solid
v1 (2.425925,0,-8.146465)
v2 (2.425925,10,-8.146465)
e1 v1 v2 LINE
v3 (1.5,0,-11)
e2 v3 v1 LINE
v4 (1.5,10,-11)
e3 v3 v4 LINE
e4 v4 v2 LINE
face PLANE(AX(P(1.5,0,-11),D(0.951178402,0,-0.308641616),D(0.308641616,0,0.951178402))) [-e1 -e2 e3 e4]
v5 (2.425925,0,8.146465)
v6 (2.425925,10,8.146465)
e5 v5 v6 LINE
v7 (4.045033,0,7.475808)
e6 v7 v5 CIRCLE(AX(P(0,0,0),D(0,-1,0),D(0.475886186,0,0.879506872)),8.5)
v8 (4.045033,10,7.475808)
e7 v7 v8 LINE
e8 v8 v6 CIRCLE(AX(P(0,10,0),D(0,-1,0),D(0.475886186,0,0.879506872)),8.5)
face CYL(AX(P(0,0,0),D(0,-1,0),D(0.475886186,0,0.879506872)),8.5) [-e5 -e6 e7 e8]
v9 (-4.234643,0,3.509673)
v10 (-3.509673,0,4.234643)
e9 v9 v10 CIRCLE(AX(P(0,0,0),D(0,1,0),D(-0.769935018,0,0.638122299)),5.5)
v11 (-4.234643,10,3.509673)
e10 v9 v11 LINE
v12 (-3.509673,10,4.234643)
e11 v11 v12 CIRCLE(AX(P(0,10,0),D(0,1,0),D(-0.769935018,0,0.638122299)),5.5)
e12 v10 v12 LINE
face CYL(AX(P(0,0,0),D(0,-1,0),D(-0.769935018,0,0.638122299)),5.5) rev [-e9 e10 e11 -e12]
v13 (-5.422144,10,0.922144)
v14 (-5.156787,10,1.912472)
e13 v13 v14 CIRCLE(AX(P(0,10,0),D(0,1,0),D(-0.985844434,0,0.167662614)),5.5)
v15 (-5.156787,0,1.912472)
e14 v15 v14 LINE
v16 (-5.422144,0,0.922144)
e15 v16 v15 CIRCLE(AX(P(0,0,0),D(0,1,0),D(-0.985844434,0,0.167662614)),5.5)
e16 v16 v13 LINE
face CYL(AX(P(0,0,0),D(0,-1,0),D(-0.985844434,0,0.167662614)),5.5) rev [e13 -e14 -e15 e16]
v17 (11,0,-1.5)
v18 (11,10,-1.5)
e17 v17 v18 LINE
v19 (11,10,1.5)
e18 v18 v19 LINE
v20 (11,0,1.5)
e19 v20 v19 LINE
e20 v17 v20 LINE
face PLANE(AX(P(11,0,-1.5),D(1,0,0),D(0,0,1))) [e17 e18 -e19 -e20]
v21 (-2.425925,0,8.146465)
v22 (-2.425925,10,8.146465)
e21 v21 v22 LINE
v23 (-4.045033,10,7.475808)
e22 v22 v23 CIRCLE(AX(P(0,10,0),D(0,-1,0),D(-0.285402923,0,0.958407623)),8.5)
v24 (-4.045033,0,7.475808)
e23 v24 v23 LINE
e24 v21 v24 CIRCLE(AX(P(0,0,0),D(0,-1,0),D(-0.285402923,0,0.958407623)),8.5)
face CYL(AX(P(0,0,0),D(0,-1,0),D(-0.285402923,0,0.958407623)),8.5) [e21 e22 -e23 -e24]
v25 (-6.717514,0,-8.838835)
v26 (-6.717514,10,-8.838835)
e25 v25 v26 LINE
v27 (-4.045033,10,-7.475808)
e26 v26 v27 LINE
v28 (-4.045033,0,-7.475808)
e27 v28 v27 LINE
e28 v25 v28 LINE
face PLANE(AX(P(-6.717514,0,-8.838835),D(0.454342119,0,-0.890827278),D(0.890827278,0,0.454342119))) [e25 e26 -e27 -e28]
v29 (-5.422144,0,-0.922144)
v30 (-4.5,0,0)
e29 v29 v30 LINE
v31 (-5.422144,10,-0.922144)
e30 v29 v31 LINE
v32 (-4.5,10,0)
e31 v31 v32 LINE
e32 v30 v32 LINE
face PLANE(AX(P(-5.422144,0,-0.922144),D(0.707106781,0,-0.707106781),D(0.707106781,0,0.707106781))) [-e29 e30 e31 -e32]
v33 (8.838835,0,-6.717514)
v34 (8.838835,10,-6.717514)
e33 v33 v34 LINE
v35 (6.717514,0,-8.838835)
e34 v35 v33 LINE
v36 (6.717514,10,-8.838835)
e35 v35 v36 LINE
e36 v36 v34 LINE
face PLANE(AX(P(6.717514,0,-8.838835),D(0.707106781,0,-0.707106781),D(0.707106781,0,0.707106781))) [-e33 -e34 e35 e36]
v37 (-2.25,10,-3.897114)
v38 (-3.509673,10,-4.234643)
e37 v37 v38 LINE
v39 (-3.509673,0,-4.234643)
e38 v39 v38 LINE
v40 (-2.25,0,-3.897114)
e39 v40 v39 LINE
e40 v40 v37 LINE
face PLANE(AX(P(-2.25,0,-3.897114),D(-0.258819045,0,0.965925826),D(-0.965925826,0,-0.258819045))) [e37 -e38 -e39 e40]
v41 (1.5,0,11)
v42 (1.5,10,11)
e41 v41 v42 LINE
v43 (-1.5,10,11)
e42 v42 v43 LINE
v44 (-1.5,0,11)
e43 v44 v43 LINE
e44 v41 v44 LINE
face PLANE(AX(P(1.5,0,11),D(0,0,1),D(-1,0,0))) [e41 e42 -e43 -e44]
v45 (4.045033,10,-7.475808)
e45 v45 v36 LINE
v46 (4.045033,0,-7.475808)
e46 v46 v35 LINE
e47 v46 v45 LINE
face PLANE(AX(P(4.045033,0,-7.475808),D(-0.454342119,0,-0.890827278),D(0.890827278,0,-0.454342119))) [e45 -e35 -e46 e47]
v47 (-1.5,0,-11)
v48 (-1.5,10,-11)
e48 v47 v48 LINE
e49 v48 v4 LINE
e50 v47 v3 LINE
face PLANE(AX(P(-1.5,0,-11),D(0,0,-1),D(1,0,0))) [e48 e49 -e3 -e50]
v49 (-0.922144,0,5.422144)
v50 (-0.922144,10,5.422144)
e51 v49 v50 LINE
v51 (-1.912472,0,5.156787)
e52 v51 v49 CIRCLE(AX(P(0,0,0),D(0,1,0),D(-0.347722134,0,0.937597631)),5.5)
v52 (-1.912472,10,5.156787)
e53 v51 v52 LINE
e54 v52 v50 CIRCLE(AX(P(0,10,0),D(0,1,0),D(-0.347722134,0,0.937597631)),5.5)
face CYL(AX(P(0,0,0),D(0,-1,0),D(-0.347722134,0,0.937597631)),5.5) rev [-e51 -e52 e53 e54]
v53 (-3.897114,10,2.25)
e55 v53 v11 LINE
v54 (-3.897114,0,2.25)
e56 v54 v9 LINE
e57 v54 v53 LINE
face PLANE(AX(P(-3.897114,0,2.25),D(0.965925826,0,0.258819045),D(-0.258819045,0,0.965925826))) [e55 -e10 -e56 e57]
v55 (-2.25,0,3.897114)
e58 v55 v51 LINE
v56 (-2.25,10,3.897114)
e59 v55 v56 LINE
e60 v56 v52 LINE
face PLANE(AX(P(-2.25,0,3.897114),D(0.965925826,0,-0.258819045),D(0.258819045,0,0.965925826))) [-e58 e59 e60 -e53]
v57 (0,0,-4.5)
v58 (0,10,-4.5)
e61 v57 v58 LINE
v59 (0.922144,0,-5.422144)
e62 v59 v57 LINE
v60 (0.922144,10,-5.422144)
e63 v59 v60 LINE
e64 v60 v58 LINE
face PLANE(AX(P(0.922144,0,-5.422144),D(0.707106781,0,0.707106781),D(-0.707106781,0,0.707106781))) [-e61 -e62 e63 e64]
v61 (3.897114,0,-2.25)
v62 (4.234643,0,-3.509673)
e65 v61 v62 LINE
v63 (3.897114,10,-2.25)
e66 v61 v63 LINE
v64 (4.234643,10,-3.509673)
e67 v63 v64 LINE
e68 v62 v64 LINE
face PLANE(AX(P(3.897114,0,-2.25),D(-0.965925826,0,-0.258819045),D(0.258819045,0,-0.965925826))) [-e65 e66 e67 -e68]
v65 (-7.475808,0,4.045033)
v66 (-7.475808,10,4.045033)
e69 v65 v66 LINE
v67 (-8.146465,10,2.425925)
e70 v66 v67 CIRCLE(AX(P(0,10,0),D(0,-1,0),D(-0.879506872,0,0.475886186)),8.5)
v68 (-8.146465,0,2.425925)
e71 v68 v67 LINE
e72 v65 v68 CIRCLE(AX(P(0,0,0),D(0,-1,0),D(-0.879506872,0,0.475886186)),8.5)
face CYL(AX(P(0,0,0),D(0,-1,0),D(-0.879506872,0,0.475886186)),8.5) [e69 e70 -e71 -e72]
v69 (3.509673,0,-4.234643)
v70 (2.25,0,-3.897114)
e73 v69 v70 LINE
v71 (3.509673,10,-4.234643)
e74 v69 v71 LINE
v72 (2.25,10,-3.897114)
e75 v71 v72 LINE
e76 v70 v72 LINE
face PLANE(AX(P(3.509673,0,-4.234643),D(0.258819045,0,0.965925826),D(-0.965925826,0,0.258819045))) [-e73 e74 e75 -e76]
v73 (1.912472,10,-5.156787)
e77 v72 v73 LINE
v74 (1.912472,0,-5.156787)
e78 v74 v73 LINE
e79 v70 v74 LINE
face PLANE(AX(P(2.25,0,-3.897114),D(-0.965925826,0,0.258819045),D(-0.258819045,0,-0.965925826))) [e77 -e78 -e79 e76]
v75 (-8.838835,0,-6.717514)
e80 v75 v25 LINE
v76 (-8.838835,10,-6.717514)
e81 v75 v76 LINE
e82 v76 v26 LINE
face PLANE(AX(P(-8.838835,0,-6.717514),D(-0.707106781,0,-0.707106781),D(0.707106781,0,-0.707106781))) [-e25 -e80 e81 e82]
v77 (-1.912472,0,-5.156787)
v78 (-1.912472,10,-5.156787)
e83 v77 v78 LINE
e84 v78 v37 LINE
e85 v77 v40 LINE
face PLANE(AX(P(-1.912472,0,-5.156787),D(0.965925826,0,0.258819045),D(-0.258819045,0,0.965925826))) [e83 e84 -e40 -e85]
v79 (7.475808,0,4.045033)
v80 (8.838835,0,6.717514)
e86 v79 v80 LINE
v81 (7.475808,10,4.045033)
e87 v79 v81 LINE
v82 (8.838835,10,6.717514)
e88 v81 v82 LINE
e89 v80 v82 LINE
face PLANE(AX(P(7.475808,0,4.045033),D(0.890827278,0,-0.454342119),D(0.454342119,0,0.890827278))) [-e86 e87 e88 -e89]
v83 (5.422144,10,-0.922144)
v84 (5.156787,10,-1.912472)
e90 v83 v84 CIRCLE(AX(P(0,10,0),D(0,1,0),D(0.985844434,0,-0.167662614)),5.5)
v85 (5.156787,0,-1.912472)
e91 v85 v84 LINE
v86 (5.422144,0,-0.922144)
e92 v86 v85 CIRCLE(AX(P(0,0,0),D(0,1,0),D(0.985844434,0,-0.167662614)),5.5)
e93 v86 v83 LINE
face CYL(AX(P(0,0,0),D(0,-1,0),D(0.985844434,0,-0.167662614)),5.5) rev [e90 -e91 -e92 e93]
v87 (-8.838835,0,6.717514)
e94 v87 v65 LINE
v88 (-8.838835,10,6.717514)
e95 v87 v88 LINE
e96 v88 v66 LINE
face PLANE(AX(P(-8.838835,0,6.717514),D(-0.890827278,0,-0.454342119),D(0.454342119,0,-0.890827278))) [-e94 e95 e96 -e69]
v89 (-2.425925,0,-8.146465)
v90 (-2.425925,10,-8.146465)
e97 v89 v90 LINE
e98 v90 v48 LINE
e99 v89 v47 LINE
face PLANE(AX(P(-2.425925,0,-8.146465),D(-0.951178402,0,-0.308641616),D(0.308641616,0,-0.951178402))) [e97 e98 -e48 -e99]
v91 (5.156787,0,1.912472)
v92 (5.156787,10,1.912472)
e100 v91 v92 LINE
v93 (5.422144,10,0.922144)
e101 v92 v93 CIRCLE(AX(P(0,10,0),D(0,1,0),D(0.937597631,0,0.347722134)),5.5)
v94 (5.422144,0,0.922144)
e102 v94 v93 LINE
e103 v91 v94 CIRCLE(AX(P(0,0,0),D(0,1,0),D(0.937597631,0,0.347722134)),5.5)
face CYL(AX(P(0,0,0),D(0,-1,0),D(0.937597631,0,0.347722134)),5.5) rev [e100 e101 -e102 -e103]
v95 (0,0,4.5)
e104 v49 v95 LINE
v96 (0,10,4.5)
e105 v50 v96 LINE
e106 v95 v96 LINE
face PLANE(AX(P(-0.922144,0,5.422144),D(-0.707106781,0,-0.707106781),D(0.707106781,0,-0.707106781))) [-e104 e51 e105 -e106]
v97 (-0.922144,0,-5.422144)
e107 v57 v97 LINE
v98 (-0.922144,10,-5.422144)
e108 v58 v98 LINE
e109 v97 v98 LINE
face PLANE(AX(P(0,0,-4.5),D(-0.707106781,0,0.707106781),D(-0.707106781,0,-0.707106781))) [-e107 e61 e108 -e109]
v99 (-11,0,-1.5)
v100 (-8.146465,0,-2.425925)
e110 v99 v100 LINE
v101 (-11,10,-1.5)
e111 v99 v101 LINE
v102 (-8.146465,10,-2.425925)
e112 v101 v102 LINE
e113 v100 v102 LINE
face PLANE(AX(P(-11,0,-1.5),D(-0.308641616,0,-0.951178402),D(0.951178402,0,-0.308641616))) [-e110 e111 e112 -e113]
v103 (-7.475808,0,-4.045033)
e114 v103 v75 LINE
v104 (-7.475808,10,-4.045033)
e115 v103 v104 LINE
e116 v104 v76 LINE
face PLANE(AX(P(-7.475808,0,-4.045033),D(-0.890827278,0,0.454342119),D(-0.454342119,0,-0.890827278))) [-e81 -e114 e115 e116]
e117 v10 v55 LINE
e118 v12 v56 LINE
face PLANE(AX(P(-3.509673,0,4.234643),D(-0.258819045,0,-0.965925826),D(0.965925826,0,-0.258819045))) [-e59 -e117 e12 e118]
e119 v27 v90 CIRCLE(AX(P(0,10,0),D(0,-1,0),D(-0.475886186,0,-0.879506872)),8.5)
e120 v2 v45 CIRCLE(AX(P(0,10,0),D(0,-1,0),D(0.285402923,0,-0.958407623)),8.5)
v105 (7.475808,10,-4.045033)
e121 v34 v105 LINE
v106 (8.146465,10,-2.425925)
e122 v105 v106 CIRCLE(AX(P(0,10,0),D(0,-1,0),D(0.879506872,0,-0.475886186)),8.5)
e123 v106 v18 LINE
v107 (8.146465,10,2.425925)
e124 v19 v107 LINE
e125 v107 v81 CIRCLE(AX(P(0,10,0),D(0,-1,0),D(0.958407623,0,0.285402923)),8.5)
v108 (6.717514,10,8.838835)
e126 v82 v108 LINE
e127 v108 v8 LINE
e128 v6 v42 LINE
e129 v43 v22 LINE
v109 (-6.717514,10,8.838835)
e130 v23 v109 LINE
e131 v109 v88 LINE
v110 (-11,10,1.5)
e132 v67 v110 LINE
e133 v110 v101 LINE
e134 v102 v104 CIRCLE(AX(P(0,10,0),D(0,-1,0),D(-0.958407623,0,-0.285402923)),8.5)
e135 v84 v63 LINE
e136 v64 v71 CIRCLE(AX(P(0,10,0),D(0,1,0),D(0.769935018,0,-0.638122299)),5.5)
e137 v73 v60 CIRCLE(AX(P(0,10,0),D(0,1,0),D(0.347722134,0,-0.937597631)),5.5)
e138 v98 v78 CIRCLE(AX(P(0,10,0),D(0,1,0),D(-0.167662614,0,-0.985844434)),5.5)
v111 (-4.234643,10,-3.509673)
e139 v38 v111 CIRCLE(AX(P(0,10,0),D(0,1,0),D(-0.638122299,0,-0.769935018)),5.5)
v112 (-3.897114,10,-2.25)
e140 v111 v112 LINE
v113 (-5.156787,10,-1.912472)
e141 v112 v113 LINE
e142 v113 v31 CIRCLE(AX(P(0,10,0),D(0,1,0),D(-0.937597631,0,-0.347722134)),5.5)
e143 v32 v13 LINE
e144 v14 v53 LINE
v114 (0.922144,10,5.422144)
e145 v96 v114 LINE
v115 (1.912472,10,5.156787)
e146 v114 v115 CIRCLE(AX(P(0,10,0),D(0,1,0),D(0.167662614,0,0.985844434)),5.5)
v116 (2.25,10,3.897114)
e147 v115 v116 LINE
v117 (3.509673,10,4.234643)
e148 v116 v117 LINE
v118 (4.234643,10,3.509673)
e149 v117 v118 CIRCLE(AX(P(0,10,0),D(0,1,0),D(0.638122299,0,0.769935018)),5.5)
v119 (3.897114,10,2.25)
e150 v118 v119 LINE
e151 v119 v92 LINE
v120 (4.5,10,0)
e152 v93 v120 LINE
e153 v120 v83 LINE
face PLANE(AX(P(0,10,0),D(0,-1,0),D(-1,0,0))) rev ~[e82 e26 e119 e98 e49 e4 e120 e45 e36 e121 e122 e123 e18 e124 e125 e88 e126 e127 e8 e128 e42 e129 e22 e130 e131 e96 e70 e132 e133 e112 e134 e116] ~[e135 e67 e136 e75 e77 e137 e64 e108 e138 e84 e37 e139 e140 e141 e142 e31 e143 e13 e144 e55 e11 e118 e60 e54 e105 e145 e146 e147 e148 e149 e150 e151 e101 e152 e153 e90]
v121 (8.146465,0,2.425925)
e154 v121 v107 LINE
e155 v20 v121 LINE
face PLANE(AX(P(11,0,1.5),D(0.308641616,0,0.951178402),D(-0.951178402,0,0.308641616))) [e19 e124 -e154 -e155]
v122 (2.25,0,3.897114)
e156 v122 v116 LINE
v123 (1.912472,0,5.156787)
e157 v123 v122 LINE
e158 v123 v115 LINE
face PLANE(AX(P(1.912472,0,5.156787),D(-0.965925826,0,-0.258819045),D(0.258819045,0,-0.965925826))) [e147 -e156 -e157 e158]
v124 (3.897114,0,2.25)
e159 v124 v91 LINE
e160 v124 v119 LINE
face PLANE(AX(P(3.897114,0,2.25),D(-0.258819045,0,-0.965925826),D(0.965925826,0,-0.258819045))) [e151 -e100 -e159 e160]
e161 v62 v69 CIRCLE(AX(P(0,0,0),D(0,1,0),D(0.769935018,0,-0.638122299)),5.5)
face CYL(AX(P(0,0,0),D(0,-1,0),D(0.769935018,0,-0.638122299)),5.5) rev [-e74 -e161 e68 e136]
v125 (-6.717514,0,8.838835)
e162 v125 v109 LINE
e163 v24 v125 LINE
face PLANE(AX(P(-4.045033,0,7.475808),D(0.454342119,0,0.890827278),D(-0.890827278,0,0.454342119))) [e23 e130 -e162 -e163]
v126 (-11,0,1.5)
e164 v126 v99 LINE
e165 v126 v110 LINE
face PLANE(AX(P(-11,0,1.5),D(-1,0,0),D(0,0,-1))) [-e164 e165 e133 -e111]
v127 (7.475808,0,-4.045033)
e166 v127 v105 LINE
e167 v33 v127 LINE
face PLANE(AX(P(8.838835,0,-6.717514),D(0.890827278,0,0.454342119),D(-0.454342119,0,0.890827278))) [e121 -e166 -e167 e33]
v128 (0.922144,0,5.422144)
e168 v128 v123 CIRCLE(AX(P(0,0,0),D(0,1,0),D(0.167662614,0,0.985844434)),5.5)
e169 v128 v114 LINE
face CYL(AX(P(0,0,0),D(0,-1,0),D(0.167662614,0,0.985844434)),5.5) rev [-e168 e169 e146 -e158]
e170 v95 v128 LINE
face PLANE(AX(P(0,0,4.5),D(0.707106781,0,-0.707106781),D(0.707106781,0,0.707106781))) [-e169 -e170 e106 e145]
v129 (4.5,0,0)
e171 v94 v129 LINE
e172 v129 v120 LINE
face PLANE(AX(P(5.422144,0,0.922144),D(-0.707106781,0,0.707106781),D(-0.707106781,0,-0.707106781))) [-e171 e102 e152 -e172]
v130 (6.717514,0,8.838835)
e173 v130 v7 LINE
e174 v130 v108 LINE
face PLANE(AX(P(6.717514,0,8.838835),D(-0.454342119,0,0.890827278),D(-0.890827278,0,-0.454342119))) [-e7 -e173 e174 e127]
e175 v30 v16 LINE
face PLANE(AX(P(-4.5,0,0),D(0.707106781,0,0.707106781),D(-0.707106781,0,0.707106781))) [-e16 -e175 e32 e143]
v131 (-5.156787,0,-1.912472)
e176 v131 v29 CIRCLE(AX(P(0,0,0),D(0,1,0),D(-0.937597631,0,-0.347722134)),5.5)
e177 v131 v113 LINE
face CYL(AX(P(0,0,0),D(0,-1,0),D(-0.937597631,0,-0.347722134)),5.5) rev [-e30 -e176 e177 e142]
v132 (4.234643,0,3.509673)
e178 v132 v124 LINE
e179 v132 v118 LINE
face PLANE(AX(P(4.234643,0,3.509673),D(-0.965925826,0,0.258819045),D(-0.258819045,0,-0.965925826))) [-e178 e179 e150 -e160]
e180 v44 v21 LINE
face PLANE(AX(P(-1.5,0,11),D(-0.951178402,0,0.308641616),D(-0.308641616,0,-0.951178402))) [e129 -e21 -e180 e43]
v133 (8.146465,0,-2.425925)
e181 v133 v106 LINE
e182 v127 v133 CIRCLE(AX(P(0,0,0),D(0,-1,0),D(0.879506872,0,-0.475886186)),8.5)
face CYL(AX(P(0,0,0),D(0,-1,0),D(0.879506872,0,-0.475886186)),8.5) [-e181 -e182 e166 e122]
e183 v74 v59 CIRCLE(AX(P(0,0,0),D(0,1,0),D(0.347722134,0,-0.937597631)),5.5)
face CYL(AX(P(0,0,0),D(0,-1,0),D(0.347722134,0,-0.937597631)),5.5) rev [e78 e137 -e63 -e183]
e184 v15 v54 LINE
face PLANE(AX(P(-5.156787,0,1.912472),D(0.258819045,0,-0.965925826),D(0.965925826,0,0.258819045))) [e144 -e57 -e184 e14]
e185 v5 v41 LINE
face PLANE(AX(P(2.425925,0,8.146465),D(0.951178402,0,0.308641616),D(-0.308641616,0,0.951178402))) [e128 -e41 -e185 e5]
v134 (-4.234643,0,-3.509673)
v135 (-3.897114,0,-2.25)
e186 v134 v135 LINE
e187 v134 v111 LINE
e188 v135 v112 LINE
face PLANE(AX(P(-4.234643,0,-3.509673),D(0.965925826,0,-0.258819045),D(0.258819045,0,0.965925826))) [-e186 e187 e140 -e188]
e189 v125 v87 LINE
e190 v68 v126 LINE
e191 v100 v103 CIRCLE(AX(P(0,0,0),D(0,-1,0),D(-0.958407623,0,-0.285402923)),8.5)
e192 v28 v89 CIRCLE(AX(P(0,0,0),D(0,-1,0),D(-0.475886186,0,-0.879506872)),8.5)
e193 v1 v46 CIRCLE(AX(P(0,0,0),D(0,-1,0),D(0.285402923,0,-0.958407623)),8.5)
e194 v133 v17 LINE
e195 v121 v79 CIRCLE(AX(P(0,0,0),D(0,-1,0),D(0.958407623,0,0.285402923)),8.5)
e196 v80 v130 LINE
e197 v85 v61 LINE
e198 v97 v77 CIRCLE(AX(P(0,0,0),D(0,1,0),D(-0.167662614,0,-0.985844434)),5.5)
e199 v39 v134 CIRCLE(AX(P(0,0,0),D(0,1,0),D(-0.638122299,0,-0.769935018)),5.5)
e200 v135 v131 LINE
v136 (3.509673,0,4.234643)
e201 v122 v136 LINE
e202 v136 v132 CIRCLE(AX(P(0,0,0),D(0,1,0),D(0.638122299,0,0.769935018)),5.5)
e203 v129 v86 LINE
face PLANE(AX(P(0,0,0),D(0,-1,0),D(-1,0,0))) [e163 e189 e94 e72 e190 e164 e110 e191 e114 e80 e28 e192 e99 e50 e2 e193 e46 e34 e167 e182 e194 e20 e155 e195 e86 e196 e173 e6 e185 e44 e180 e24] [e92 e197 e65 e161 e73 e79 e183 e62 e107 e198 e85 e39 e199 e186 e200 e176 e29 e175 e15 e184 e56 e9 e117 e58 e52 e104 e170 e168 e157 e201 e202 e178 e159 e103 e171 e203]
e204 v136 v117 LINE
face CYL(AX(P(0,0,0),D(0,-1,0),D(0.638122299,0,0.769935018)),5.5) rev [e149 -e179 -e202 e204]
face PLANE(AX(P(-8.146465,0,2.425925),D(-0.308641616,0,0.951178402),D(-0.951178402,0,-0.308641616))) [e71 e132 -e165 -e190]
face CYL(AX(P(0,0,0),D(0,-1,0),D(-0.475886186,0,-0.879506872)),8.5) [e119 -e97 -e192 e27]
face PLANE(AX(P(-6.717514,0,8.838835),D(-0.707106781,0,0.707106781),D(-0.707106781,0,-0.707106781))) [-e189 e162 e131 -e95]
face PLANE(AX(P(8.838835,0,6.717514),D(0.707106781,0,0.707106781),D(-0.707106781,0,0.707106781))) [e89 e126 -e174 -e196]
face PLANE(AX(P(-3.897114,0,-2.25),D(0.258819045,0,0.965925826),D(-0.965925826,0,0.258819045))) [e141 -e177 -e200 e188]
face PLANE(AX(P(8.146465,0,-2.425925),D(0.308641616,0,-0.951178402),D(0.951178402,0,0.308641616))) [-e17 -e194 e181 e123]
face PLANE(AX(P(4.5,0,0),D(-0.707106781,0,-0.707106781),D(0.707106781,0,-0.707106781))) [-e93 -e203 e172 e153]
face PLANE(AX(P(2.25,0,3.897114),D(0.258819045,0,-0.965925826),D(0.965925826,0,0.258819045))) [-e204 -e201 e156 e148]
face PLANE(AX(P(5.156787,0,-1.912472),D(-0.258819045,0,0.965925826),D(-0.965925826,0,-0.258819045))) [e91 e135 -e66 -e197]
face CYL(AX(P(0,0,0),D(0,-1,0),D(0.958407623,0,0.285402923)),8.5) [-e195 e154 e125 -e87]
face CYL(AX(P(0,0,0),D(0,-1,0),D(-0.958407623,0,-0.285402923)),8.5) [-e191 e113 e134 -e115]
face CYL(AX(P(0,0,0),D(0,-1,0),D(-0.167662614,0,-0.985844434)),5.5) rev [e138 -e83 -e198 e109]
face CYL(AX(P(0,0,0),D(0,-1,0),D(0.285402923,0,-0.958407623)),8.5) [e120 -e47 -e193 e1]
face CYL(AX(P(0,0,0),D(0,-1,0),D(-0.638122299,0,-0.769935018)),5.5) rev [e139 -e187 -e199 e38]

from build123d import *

# Parameters (mm, degrees)
BOSS_EXTRUDE1_DEPTH = 10


with BuildPart() as part:
    # Sketch1 → Boss-Extrude1 (new body)
    with BuildSketch(Plane(origin=(0, 0, 0), x_dir=(1, 0, 0), z_dir=(0, 1, 0))):
        with BuildLine():
            Line((-1.5, 11), (1.5, 11))
            Line((1.5, 11), (2.425924848, 8.146464793))
            ThreePointArc((2.425924848, 8.146464793), (3.252809175, 7.852976026), (4.045032587, 7.475808409))
            Line((4.045032587, 7.475808409), (6.717514421, 8.838834765))
            Line((6.717514421, 8.838834765), (8.838834765, 6.717514421))
            Line((8.838834765, 6.717514421), (7.475808409, 4.045032587))
            ThreePointArc((7.475808409, 4.045032587), (7.852976026, 3.252809175), (8.146464793, 2.425924848))
            Line((8.146464793, 2.425924848), (11, 1.5))
            Line((11, 1.5), (11, -1.5))
            Line((11, -1.5), (8.146464793, -2.425924848))
            ThreePointArc((8.146464793, -2.425924848), (7.852976026, -3.252809175), (7.475808409, -4.045032587))
            Line((7.475808409, -4.045032587), (8.838834765, -6.717514421))
            Line((8.838834765, -6.717514421), (6.717514421, -8.838834765))
            Line((6.717514421, -8.838834765), (4.045032587, -7.475808409))
            ThreePointArc((4.045032587, -7.475808409), (3.252809175, -7.852976026), (2.425924848, -8.146464793))
            Line((2.425924848, -8.146464793), (1.5, -11))
            Line((1.5, -11), (-1.5, -11))
            Line((-1.5, -11), (-2.425924848, -8.146464793))
            ThreePointArc((-2.425924848, -8.146464793), (-3.252809175, -7.852976026), (-4.045032587, -7.475808409))
            Line((-4.045032587, -7.475808409), (-6.717514421, -8.838834765))
            Line((-6.717514421, -8.838834765), (-8.838834765, -6.717514421))
            Line((-8.838834765, -6.717514421), (-7.475808409, -4.045032587))
            ThreePointArc((-7.475808409, -4.045032587), (-7.852976026, -3.252809175), (-8.146464793, -2.425924848))
            Line((-8.146464793, -2.425924848), (-11, -1.5))
            Line((-11, -1.5), (-11, 1.5))
            Line((-11, 1.5), (-8.146464793, 2.425924848))
            ThreePointArc((-8.146464793, 2.425924848), (-7.852976026, 3.252809175), (-7.475808409, 4.045032587))
            Line((-7.475808409, 4.045032587), (-8.838834765, 6.717514421))
            Line((-8.838834765, 6.717514421), (-6.717514421, 8.838834765))
            Line((-6.717514421, 8.838834765), (-4.045032587, 7.475808409))
            ThreePointArc((-4.045032587, 7.475808409), (-3.252809175, 7.852976026), (-2.425924848, 8.146464793))
            Line((-2.425924848, 8.146464793), (-1.5, 11))
        make_face()
        with BuildLine():
            Line((0, 4.5), (-0.922144385, 5.422144385))
            ThreePointArc((-0.922144385, 5.422144385), (-1.423504748, 5.312592045), (-1.912471729, 5.156786973))
            Line((-1.912471729, 5.156786973), (-2.25, 3.897114317))
            Line((-2.25, 3.897114317), (-3.509672656, 4.234642588))
            ThreePointArc((-3.509672656, 4.234642588), (-3.889087297, 3.889087297), (-4.234642588, 3.509672656))
            Line((-4.234642588, 3.509672656), (-3.897114317, 2.25))
            Line((-3.897114317, 2.25), (-5.156786973, 1.912471729))
            ThreePointArc((-5.156786973, 1.912471729), (-5.312592045, 1.423504748), (-5.422144385, 0.922144385))
            Line((-5.422144385, 0.922144385), (-4.5, 0))
            Line((-4.5, 0), (-5.422144385, -0.922144385))
            ThreePointArc((-5.422144385, -0.922144385), (-5.312592045, -1.423504748), (-5.156786973, -1.912471729))
            Line((-5.156786973, -1.912471729), (-3.897114317, -2.25))
            Line((-3.897114317, -2.25), (-4.234642588, -3.509672656))
            ThreePointArc((-4.234642588, -3.509672656), (-3.889087297, -3.889087297), (-3.509672656, -4.234642588))
            Line((-3.509672656, -4.234642588), (-2.25, -3.897114317))
            Line((-2.25, -3.897114317), (-1.912471729, -5.156786973))
            ThreePointArc((-1.912471729, -5.156786973), (-1.423504748, -5.312592045), (-0.922144385, -5.422144385))
            Line((-0.922144385, -5.422144385), (0, -4.5))
            Line((0, -4.5), (0.922144385, -5.422144385))
            ThreePointArc((0.922144385, -5.422144385), (1.423504748, -5.312592045), (1.912471729, -5.156786973))
            Line((1.912471729, -5.156786973), (2.25, -3.897114317))
            Line((2.25, -3.897114317), (3.509672656, -4.234642588))
            ThreePointArc((3.509672656, -4.234642588), (3.889087297, -3.889087297), (4.234642588, -3.509672656))
            Line((4.234642588, -3.509672656), (3.897114317, -2.25))
            Line((3.897114317, -2.25), (5.156786973, -1.912471729))
            ThreePointArc((5.156786973, -1.912471729), (5.312592045, -1.423504748), (5.422144385, -0.922144385))
            Line((5.422144385, -0.922144385), (4.5, 0))
            Line((4.5, 0), (5.422144385, 0.922144385))
            ThreePointArc((5.422144385, 0.922144385), (5.312592045, 1.423504748), (5.156786973, 1.912471729))
            Line((5.156786973, 1.912471729), (3.897114317, 2.25))
            Line((3.897114317, 2.25), (4.234642588, 3.509672656))
            ThreePointArc((4.234642588, 3.509672656), (3.889087297, 3.889087297), (3.509672656, 4.234642588))
            Line((3.509672656, 4.234642588), (2.25, 3.897114317))
            Line((2.25, 3.897114317), (1.912471729, 5.156786973))
            ThreePointArc((1.912471729, 5.156786973), (1.423504748, 5.312592045), (0.922144385, 5.422144385))
            Line((0.922144385, 5.422144385), (0, 4.5))
        make_face(mode=Mode.SUBTRACT)
    extrude(amount=BOSS_EXTRUDE1_DEPTH)


solid = part.part
